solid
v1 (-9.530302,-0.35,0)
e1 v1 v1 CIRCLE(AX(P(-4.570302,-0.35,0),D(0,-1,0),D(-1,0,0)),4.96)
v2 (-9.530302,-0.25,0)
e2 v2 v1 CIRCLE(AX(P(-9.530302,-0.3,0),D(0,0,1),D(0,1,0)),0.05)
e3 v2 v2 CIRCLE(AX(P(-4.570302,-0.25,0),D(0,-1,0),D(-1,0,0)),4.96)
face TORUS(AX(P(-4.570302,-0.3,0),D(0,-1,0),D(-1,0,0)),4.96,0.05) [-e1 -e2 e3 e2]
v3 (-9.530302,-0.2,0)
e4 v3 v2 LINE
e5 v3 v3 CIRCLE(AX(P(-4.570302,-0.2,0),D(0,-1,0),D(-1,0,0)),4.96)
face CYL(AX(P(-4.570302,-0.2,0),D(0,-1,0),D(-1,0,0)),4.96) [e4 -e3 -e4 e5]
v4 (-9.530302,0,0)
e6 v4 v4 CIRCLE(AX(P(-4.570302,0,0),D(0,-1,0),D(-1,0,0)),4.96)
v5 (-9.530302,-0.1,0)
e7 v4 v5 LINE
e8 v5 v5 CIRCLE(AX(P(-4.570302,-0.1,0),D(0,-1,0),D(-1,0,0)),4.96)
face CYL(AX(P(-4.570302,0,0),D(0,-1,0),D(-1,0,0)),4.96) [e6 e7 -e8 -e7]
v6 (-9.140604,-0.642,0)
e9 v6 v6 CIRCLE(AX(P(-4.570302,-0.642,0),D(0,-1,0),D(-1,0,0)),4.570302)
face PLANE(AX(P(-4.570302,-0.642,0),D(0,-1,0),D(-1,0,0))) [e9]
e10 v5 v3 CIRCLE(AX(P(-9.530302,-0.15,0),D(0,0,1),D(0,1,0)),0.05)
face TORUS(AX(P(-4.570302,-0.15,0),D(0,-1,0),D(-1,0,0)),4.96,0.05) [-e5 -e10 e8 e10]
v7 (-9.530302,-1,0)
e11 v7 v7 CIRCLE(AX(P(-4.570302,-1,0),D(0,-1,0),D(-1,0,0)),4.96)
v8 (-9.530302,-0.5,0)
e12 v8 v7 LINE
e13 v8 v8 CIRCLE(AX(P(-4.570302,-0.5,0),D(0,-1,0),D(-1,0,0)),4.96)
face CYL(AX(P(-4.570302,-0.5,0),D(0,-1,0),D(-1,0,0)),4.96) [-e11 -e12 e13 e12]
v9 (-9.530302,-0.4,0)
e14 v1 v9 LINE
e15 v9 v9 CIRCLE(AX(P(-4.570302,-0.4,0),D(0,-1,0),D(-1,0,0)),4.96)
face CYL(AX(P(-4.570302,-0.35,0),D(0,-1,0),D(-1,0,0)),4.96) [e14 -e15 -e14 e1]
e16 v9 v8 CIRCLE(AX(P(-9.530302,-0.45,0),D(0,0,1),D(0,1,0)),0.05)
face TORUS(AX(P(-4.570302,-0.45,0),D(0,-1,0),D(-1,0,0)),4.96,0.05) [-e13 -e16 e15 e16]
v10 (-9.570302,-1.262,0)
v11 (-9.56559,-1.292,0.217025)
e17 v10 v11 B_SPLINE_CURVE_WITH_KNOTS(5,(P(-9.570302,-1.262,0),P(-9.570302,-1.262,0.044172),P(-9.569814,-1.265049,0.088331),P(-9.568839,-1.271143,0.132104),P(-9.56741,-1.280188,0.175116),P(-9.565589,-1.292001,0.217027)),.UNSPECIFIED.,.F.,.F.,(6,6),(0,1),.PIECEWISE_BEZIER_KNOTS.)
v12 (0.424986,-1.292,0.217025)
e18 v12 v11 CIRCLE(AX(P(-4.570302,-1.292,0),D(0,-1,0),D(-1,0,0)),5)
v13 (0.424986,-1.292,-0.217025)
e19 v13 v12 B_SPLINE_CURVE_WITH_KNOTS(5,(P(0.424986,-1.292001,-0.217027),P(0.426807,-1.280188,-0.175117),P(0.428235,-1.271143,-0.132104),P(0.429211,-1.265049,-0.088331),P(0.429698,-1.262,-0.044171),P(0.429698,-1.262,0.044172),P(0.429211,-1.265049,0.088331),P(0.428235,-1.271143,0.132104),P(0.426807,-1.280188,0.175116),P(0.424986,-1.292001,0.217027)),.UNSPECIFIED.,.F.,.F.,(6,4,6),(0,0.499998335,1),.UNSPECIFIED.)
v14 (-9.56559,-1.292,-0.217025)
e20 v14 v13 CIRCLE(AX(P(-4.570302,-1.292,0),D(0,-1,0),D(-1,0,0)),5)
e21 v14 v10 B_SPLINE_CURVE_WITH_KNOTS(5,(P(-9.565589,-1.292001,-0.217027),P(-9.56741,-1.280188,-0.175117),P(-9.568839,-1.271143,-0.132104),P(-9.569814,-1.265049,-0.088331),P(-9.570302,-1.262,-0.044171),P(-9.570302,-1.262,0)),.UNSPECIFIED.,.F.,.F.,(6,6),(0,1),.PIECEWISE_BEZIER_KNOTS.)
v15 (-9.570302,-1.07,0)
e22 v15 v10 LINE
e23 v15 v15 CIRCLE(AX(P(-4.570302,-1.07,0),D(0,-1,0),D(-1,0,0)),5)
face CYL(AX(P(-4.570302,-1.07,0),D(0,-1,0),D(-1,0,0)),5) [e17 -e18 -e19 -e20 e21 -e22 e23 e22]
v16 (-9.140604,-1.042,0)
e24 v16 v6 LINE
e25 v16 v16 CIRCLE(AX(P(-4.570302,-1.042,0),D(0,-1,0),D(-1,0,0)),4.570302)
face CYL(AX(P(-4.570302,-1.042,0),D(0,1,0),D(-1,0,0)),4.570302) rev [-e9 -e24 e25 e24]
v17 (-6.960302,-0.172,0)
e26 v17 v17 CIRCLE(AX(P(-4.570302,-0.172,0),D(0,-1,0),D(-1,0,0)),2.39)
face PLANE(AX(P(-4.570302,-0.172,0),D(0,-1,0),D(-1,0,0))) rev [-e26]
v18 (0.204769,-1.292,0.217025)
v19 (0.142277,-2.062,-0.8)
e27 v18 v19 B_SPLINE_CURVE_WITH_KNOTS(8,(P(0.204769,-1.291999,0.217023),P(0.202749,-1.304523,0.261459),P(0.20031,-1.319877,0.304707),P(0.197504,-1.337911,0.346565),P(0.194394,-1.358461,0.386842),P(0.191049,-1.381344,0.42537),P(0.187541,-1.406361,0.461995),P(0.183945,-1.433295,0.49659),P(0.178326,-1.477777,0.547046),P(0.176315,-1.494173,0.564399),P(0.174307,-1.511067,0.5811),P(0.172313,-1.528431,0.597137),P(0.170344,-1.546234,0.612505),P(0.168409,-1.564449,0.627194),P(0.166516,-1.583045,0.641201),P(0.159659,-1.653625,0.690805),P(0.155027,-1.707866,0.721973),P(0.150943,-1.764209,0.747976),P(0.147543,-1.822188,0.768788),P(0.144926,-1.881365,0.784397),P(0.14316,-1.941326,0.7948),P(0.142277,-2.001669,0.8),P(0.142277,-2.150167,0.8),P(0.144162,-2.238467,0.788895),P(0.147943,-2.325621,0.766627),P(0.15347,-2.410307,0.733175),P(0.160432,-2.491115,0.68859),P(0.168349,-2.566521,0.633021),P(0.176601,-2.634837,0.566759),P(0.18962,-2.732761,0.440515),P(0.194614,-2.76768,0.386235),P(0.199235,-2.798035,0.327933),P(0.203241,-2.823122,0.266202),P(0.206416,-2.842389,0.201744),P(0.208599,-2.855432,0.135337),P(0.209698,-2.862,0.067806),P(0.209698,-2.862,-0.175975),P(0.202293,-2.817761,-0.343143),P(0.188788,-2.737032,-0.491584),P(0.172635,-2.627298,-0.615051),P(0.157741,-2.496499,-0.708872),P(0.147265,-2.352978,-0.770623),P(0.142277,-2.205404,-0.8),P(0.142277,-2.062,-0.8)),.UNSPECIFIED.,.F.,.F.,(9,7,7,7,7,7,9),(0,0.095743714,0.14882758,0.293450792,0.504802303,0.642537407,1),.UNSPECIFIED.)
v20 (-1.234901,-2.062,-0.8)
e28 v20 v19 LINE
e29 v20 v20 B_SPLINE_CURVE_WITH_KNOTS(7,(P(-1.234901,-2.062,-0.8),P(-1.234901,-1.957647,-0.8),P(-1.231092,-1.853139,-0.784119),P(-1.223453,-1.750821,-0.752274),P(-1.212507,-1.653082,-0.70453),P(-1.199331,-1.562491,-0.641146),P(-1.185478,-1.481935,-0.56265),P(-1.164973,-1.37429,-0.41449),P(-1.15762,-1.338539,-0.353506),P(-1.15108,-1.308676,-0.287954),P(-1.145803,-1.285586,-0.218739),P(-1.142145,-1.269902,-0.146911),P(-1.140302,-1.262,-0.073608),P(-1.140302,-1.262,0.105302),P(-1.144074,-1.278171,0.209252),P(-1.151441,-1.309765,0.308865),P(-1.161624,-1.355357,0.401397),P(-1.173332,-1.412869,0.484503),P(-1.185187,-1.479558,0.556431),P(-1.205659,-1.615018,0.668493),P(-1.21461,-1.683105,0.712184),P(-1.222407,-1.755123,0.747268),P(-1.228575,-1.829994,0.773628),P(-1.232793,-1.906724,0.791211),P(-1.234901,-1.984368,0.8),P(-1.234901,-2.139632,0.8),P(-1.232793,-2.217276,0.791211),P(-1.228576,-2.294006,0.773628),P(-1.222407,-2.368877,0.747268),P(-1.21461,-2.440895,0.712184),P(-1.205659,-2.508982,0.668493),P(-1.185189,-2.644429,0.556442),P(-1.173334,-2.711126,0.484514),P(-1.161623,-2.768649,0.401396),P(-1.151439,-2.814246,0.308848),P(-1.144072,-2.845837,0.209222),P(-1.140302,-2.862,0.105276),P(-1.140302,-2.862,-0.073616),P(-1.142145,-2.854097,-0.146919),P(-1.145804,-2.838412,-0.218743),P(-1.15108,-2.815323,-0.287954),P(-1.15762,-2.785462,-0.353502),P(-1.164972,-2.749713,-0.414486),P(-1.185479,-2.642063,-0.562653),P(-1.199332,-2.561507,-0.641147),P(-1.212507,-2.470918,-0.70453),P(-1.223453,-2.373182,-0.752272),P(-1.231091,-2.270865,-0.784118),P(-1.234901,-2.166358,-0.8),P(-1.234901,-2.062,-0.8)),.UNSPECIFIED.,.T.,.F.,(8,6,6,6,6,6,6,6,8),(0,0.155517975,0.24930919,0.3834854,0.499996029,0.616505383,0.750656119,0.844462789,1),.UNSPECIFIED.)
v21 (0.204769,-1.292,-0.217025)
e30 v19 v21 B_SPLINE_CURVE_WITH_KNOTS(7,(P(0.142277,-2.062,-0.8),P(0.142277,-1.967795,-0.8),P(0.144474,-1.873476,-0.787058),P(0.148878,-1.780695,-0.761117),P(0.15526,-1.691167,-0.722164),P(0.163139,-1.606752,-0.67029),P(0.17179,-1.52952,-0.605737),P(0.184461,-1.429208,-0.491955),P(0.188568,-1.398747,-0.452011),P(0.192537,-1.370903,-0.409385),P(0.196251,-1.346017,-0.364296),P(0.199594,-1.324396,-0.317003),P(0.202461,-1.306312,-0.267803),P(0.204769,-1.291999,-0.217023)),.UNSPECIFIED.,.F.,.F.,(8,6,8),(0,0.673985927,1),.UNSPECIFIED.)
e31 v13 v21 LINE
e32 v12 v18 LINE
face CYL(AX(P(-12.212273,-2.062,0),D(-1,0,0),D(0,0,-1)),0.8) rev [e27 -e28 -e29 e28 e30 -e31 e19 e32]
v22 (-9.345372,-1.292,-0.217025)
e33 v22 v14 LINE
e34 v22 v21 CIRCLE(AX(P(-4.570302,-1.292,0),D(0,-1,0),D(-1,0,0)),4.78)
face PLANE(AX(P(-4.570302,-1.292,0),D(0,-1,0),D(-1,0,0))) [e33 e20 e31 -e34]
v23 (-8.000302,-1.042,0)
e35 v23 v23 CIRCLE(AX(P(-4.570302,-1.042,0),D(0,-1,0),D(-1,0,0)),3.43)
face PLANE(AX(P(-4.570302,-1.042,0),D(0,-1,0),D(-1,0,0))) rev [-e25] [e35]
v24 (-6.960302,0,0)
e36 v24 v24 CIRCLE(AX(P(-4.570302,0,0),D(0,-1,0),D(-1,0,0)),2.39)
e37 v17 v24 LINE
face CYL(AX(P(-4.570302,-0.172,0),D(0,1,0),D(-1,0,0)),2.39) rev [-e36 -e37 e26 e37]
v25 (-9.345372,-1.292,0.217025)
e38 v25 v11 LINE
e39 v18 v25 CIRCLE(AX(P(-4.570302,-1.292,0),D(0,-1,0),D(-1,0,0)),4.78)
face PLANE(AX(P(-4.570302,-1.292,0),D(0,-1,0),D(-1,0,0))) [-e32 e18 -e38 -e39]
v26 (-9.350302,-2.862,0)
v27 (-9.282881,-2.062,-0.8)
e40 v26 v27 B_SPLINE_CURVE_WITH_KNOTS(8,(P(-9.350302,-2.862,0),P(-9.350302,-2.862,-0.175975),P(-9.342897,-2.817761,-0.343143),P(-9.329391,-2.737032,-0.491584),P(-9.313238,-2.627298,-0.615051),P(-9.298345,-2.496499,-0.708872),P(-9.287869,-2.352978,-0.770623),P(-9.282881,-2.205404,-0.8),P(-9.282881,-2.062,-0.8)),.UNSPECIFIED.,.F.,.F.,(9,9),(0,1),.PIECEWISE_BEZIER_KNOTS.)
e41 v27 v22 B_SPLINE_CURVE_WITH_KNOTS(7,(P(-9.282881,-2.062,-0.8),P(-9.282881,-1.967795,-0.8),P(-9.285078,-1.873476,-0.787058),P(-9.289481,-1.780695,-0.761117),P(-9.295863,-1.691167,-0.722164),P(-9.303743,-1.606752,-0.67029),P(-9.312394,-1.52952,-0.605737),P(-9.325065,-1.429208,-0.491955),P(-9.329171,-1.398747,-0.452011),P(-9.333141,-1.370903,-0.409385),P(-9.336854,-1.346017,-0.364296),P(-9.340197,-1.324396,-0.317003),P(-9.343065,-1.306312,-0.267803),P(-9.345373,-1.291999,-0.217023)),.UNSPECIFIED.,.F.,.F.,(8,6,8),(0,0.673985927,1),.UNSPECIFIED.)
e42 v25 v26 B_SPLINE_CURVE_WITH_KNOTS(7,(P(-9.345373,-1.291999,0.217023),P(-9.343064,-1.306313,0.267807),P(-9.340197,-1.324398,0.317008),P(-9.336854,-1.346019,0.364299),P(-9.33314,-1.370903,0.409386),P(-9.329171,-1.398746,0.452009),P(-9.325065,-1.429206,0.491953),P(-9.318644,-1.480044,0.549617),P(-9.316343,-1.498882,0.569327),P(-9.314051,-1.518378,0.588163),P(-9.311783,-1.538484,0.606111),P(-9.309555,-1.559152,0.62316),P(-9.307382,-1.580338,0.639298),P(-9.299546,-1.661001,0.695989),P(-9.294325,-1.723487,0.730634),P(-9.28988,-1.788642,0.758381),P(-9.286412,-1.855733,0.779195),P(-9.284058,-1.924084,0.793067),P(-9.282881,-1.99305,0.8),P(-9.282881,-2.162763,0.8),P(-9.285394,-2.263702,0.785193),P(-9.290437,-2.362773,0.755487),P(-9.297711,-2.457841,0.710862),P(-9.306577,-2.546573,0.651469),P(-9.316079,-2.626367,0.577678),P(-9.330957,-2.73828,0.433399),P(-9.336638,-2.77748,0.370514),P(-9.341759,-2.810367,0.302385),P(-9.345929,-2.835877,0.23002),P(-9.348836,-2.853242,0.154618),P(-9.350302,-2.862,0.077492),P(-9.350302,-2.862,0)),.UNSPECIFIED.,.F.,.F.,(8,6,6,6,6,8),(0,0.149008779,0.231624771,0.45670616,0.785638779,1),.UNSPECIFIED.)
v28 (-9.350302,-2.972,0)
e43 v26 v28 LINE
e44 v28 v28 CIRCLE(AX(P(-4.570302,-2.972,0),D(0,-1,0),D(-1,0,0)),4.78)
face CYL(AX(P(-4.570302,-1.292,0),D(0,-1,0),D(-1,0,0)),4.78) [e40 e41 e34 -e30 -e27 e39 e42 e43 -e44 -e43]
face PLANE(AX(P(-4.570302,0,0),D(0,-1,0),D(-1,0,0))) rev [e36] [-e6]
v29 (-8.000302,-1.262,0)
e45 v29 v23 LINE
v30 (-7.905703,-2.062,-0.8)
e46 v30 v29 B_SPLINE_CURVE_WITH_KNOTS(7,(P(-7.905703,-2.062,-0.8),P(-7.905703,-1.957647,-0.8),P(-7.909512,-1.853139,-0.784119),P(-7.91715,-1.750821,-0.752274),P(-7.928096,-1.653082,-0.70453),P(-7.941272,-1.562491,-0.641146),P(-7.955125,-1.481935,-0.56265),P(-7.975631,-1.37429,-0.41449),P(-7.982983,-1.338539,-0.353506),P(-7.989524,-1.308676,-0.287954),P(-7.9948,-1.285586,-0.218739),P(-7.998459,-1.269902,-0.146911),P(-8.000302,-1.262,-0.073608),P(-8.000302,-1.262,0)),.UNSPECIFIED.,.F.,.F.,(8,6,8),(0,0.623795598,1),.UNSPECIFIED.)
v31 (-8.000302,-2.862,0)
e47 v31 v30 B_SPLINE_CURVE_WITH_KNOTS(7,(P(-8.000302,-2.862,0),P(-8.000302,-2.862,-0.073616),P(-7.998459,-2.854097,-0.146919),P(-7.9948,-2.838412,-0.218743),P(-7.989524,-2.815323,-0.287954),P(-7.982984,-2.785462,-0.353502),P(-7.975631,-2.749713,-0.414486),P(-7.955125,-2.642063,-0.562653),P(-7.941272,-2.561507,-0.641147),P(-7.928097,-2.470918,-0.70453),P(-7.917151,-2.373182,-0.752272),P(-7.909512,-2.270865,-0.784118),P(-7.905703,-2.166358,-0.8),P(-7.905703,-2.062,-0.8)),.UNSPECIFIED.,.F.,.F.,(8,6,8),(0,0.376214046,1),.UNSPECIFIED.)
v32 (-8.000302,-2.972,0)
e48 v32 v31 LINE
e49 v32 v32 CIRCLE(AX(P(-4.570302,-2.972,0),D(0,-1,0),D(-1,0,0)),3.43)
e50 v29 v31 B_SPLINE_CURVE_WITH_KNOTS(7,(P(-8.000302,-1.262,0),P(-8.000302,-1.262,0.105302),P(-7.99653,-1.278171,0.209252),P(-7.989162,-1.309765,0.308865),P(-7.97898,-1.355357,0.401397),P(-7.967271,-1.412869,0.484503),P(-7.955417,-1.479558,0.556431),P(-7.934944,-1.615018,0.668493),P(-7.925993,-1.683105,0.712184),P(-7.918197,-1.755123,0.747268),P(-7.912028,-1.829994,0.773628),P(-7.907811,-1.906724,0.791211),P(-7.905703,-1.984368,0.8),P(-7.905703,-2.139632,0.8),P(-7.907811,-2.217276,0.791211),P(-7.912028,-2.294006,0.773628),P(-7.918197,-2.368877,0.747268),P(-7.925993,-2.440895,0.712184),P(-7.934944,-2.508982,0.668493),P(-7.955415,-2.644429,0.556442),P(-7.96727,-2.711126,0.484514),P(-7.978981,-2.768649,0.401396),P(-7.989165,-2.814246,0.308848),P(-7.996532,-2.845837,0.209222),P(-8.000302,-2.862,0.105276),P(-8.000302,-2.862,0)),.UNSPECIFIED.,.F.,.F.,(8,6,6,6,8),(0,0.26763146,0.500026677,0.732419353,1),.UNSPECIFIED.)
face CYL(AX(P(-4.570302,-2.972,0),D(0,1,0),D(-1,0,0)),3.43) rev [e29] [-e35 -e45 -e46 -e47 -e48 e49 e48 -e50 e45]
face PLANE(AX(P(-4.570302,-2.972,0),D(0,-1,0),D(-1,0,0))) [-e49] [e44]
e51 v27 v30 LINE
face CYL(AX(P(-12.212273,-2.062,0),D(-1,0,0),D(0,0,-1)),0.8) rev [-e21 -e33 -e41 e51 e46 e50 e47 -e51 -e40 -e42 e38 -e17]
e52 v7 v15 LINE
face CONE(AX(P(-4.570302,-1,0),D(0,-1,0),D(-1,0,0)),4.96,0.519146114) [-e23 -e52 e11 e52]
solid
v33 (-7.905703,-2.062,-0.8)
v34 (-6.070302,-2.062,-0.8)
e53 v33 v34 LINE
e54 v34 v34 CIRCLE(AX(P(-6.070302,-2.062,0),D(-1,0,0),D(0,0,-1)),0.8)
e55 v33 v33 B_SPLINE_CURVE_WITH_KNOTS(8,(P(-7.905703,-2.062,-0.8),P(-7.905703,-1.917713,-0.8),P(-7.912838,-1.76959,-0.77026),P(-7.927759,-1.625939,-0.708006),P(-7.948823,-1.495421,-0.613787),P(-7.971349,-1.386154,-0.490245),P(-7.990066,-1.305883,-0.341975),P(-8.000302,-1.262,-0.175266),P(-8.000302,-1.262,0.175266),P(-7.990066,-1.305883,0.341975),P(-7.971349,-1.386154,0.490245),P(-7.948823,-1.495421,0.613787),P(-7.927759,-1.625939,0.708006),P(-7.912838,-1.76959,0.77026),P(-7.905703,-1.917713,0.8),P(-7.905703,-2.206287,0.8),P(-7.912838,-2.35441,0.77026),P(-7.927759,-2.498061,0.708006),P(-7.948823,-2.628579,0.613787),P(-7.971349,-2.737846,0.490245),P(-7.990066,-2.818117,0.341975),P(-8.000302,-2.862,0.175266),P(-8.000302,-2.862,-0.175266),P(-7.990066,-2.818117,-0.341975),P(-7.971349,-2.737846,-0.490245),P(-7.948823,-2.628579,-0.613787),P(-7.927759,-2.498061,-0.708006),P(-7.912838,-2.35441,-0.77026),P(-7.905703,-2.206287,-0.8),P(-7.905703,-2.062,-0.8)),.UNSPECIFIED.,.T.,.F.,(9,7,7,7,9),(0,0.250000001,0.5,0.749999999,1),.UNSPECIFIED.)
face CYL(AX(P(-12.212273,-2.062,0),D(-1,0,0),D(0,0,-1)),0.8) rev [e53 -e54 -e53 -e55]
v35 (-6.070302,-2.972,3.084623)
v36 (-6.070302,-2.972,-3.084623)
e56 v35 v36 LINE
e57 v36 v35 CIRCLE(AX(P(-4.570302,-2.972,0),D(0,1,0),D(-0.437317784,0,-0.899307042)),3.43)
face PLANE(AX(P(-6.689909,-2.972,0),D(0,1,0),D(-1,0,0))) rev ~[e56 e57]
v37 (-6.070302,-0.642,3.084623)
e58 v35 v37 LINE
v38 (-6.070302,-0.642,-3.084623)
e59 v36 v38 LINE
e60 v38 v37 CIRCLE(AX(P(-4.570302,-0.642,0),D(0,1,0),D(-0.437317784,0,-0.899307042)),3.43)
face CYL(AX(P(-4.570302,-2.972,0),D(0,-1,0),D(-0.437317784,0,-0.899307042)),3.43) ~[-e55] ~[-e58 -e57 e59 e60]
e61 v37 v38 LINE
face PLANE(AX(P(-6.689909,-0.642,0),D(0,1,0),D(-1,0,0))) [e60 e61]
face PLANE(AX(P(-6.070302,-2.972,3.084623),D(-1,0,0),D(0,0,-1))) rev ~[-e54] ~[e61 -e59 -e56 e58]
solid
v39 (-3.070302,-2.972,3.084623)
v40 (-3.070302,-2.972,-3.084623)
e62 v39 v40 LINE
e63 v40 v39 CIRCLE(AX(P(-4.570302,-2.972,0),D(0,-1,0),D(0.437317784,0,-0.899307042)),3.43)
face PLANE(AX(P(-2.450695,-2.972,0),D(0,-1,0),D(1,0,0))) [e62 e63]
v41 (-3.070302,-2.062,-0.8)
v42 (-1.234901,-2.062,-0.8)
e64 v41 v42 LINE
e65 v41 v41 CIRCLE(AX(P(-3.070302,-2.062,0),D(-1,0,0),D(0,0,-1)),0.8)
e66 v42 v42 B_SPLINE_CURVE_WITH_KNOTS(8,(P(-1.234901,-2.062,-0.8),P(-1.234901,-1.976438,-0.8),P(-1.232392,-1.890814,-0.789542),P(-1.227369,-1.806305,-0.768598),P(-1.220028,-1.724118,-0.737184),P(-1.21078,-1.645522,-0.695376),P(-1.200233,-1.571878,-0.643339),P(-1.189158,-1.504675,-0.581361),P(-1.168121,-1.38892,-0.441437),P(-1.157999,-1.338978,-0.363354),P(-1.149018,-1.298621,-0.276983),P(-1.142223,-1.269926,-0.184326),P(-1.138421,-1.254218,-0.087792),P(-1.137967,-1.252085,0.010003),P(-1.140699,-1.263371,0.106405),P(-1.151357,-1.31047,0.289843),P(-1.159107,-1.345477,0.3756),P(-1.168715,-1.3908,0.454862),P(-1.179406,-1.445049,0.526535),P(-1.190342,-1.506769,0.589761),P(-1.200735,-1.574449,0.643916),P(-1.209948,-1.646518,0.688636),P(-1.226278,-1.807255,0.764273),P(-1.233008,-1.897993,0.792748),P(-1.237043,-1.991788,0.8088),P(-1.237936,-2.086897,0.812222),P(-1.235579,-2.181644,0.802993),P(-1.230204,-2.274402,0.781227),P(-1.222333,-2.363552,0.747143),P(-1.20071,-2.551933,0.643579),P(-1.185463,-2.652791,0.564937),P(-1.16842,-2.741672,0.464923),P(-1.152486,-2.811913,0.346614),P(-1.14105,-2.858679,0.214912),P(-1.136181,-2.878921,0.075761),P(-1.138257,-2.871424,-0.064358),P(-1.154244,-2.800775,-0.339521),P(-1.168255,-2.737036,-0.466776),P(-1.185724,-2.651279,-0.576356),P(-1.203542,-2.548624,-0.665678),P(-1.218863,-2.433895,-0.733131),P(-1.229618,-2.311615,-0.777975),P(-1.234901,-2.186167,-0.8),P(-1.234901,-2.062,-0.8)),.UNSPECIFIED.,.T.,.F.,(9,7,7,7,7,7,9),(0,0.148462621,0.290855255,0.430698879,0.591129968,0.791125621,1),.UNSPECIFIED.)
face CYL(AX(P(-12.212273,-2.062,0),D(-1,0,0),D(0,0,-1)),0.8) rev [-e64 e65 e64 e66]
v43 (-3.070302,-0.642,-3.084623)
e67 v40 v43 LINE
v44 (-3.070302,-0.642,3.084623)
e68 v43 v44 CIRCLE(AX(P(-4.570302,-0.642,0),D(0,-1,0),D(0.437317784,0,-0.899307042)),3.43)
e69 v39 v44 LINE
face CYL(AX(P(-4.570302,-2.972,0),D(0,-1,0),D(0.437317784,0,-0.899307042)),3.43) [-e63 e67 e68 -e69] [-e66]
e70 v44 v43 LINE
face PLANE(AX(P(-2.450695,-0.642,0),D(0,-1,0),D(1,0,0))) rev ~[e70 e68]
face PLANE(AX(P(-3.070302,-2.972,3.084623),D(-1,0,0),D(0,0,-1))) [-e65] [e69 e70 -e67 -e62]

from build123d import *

# Parameters (mm, degrees)
BOSS_EXTRUDE1_DEPTH     = 2.33
BOSS_EXTRUDE1_2_DEPTH   = 2.33
CUT_EXTRUDE1_DEPTH      = 12.212273133
CUT_EXTRUDE1_DEPTH_BACK = 12.212273133
SKETCH4_R               = 0.8


with BuildPart() as part:
    # Sketch2 → Revolve2 (revolve)
    with BuildSketch(Plane.XY, mode=Mode.PRIVATE) as revolve2_sk:
        with BuildLine():
            Line((0.209698236, -2.972), (-1.140301764, -2.972))
            Line((-1.140301764, -2.972), (-1.140301764, -1.042))
            Line((-1.140301764, -1.042), (0, -1.042))
            Line((0, -1.042), (0, -0.642))
            Line((0, -0.642), (-4.570301764, -0.642))
            Line((-4.570301764, -0.642), (-4.570301764, -0.172))
            Line((-4.570301764, -0.172), (-2.180301764, -0.172))
            Line((-2.180301764, -0.172), (-2.180301764, 0))
            Line((-2.180301764, 0), (0.389698236, 0))
            Line((0.389698236, 0), (0.389698236, -0.1))
            ThreePointArc((0.389698236, -0.1), (0.439698236, -0.15), (0.389698236, -0.2))
            Line((0.389698236, -0.2), (0.389698236, -0.25))
            ThreePointArc((0.389698236, -0.25), (0.439698236, -0.3), (0.389698236, -0.35))
            Line((0.389698236, -0.35), (0.389698236, -0.4))
            ThreePointArc((0.389698236, -0.4), (0.439698236, -0.45), (0.389698236, -0.5))
            Line((0.389698236, -0.5), (0.389698236, -1))
            Line((0.389698236, -1), (0.429698236, -1.07))
            Line((0.429698236, -1.07), (0.429698236, -1.292))
            Line((0.429698236, -1.292), (0.209698236, -1.292))
            Line((0.209698236, -1.292), (0.209698236, -2.972))
        make_face()
    revolve(revolve2_sk.sketch.rotate(Axis((-4.570301764, -0.752898092, 0), (0, -1, 0)), 180), axis=Axis((-4.570301764, -0.752898092, 0), (0, -1, 0)))


with BuildPart() as body_2:
    # Sketch3 → Boss-Extrude1 (new body)
    with BuildSketch(Plane.XZ.offset(2.972)):
        with BuildLine():
            Line((-6.070301764, 3.084623154), (-6.070301764, -3.084623154))
            ThreePointArc((-6.070301764, -3.084623154), (-8.000301764, 0), (-6.070301764, 3.084623154))
        make_face()
    extrude(amount=-BOSS_EXTRUDE1_DEPTH)


with BuildPart() as body_3:
    # Sketch3 → Boss-Extrude1 2 (new body)
    with BuildSketch(Plane.XZ.offset(2.972)):
        with BuildLine():
            Line((-3.070301764, 3.084623154), (-3.070301764, -3.084623154))
            ThreePointArc((-3.070301764, -3.084623154), (-1.140301764, 0), (-3.070301764, 3.084623154))
        make_face()
    extrude(amount=-BOSS_EXTRUDE1_2_DEPTH)


with BuildPart() as cut_extrude1_tool:
    # Sketch4 → Cut-Extrude1 (new, two sides: drawn at the far end of the back side and taken through both)
    with BuildSketch(Plane(origin=(0, 0, 0), x_dir=(0, 0, -1), z_dir=(1, 0, 0)).offset(-CUT_EXTRUDE1_DEPTH_BACK)):
        with Locations((0, -2.062)):
            Circle(SKETCH4_R)
    extrude(amount=CUT_EXTRUDE1_DEPTH + CUT_EXTRUDE1_DEPTH_BACK)


with BuildPart() as part_1:
    add(part.part)

    # Cut-Extrude1: cut by cut_extrude1_tool
    add(cut_extrude1_tool.part, mode=Mode.SUBTRACT)


with BuildPart() as body_2_1:
    add(body_2.part)

    # Cut-Extrude1: cut by cut_extrude1_tool
    add(cut_extrude1_tool.part, mode=Mode.SUBTRACT)


with BuildPart() as body_3_1:
    add(body_3.part)

    # Cut-Extrude1: cut by cut_extrude1_tool
    add(cut_extrude1_tool.part, mode=Mode.SUBTRACT)


solid = Compound([part_1.part, body_2_1.part, body_3_1.part])
